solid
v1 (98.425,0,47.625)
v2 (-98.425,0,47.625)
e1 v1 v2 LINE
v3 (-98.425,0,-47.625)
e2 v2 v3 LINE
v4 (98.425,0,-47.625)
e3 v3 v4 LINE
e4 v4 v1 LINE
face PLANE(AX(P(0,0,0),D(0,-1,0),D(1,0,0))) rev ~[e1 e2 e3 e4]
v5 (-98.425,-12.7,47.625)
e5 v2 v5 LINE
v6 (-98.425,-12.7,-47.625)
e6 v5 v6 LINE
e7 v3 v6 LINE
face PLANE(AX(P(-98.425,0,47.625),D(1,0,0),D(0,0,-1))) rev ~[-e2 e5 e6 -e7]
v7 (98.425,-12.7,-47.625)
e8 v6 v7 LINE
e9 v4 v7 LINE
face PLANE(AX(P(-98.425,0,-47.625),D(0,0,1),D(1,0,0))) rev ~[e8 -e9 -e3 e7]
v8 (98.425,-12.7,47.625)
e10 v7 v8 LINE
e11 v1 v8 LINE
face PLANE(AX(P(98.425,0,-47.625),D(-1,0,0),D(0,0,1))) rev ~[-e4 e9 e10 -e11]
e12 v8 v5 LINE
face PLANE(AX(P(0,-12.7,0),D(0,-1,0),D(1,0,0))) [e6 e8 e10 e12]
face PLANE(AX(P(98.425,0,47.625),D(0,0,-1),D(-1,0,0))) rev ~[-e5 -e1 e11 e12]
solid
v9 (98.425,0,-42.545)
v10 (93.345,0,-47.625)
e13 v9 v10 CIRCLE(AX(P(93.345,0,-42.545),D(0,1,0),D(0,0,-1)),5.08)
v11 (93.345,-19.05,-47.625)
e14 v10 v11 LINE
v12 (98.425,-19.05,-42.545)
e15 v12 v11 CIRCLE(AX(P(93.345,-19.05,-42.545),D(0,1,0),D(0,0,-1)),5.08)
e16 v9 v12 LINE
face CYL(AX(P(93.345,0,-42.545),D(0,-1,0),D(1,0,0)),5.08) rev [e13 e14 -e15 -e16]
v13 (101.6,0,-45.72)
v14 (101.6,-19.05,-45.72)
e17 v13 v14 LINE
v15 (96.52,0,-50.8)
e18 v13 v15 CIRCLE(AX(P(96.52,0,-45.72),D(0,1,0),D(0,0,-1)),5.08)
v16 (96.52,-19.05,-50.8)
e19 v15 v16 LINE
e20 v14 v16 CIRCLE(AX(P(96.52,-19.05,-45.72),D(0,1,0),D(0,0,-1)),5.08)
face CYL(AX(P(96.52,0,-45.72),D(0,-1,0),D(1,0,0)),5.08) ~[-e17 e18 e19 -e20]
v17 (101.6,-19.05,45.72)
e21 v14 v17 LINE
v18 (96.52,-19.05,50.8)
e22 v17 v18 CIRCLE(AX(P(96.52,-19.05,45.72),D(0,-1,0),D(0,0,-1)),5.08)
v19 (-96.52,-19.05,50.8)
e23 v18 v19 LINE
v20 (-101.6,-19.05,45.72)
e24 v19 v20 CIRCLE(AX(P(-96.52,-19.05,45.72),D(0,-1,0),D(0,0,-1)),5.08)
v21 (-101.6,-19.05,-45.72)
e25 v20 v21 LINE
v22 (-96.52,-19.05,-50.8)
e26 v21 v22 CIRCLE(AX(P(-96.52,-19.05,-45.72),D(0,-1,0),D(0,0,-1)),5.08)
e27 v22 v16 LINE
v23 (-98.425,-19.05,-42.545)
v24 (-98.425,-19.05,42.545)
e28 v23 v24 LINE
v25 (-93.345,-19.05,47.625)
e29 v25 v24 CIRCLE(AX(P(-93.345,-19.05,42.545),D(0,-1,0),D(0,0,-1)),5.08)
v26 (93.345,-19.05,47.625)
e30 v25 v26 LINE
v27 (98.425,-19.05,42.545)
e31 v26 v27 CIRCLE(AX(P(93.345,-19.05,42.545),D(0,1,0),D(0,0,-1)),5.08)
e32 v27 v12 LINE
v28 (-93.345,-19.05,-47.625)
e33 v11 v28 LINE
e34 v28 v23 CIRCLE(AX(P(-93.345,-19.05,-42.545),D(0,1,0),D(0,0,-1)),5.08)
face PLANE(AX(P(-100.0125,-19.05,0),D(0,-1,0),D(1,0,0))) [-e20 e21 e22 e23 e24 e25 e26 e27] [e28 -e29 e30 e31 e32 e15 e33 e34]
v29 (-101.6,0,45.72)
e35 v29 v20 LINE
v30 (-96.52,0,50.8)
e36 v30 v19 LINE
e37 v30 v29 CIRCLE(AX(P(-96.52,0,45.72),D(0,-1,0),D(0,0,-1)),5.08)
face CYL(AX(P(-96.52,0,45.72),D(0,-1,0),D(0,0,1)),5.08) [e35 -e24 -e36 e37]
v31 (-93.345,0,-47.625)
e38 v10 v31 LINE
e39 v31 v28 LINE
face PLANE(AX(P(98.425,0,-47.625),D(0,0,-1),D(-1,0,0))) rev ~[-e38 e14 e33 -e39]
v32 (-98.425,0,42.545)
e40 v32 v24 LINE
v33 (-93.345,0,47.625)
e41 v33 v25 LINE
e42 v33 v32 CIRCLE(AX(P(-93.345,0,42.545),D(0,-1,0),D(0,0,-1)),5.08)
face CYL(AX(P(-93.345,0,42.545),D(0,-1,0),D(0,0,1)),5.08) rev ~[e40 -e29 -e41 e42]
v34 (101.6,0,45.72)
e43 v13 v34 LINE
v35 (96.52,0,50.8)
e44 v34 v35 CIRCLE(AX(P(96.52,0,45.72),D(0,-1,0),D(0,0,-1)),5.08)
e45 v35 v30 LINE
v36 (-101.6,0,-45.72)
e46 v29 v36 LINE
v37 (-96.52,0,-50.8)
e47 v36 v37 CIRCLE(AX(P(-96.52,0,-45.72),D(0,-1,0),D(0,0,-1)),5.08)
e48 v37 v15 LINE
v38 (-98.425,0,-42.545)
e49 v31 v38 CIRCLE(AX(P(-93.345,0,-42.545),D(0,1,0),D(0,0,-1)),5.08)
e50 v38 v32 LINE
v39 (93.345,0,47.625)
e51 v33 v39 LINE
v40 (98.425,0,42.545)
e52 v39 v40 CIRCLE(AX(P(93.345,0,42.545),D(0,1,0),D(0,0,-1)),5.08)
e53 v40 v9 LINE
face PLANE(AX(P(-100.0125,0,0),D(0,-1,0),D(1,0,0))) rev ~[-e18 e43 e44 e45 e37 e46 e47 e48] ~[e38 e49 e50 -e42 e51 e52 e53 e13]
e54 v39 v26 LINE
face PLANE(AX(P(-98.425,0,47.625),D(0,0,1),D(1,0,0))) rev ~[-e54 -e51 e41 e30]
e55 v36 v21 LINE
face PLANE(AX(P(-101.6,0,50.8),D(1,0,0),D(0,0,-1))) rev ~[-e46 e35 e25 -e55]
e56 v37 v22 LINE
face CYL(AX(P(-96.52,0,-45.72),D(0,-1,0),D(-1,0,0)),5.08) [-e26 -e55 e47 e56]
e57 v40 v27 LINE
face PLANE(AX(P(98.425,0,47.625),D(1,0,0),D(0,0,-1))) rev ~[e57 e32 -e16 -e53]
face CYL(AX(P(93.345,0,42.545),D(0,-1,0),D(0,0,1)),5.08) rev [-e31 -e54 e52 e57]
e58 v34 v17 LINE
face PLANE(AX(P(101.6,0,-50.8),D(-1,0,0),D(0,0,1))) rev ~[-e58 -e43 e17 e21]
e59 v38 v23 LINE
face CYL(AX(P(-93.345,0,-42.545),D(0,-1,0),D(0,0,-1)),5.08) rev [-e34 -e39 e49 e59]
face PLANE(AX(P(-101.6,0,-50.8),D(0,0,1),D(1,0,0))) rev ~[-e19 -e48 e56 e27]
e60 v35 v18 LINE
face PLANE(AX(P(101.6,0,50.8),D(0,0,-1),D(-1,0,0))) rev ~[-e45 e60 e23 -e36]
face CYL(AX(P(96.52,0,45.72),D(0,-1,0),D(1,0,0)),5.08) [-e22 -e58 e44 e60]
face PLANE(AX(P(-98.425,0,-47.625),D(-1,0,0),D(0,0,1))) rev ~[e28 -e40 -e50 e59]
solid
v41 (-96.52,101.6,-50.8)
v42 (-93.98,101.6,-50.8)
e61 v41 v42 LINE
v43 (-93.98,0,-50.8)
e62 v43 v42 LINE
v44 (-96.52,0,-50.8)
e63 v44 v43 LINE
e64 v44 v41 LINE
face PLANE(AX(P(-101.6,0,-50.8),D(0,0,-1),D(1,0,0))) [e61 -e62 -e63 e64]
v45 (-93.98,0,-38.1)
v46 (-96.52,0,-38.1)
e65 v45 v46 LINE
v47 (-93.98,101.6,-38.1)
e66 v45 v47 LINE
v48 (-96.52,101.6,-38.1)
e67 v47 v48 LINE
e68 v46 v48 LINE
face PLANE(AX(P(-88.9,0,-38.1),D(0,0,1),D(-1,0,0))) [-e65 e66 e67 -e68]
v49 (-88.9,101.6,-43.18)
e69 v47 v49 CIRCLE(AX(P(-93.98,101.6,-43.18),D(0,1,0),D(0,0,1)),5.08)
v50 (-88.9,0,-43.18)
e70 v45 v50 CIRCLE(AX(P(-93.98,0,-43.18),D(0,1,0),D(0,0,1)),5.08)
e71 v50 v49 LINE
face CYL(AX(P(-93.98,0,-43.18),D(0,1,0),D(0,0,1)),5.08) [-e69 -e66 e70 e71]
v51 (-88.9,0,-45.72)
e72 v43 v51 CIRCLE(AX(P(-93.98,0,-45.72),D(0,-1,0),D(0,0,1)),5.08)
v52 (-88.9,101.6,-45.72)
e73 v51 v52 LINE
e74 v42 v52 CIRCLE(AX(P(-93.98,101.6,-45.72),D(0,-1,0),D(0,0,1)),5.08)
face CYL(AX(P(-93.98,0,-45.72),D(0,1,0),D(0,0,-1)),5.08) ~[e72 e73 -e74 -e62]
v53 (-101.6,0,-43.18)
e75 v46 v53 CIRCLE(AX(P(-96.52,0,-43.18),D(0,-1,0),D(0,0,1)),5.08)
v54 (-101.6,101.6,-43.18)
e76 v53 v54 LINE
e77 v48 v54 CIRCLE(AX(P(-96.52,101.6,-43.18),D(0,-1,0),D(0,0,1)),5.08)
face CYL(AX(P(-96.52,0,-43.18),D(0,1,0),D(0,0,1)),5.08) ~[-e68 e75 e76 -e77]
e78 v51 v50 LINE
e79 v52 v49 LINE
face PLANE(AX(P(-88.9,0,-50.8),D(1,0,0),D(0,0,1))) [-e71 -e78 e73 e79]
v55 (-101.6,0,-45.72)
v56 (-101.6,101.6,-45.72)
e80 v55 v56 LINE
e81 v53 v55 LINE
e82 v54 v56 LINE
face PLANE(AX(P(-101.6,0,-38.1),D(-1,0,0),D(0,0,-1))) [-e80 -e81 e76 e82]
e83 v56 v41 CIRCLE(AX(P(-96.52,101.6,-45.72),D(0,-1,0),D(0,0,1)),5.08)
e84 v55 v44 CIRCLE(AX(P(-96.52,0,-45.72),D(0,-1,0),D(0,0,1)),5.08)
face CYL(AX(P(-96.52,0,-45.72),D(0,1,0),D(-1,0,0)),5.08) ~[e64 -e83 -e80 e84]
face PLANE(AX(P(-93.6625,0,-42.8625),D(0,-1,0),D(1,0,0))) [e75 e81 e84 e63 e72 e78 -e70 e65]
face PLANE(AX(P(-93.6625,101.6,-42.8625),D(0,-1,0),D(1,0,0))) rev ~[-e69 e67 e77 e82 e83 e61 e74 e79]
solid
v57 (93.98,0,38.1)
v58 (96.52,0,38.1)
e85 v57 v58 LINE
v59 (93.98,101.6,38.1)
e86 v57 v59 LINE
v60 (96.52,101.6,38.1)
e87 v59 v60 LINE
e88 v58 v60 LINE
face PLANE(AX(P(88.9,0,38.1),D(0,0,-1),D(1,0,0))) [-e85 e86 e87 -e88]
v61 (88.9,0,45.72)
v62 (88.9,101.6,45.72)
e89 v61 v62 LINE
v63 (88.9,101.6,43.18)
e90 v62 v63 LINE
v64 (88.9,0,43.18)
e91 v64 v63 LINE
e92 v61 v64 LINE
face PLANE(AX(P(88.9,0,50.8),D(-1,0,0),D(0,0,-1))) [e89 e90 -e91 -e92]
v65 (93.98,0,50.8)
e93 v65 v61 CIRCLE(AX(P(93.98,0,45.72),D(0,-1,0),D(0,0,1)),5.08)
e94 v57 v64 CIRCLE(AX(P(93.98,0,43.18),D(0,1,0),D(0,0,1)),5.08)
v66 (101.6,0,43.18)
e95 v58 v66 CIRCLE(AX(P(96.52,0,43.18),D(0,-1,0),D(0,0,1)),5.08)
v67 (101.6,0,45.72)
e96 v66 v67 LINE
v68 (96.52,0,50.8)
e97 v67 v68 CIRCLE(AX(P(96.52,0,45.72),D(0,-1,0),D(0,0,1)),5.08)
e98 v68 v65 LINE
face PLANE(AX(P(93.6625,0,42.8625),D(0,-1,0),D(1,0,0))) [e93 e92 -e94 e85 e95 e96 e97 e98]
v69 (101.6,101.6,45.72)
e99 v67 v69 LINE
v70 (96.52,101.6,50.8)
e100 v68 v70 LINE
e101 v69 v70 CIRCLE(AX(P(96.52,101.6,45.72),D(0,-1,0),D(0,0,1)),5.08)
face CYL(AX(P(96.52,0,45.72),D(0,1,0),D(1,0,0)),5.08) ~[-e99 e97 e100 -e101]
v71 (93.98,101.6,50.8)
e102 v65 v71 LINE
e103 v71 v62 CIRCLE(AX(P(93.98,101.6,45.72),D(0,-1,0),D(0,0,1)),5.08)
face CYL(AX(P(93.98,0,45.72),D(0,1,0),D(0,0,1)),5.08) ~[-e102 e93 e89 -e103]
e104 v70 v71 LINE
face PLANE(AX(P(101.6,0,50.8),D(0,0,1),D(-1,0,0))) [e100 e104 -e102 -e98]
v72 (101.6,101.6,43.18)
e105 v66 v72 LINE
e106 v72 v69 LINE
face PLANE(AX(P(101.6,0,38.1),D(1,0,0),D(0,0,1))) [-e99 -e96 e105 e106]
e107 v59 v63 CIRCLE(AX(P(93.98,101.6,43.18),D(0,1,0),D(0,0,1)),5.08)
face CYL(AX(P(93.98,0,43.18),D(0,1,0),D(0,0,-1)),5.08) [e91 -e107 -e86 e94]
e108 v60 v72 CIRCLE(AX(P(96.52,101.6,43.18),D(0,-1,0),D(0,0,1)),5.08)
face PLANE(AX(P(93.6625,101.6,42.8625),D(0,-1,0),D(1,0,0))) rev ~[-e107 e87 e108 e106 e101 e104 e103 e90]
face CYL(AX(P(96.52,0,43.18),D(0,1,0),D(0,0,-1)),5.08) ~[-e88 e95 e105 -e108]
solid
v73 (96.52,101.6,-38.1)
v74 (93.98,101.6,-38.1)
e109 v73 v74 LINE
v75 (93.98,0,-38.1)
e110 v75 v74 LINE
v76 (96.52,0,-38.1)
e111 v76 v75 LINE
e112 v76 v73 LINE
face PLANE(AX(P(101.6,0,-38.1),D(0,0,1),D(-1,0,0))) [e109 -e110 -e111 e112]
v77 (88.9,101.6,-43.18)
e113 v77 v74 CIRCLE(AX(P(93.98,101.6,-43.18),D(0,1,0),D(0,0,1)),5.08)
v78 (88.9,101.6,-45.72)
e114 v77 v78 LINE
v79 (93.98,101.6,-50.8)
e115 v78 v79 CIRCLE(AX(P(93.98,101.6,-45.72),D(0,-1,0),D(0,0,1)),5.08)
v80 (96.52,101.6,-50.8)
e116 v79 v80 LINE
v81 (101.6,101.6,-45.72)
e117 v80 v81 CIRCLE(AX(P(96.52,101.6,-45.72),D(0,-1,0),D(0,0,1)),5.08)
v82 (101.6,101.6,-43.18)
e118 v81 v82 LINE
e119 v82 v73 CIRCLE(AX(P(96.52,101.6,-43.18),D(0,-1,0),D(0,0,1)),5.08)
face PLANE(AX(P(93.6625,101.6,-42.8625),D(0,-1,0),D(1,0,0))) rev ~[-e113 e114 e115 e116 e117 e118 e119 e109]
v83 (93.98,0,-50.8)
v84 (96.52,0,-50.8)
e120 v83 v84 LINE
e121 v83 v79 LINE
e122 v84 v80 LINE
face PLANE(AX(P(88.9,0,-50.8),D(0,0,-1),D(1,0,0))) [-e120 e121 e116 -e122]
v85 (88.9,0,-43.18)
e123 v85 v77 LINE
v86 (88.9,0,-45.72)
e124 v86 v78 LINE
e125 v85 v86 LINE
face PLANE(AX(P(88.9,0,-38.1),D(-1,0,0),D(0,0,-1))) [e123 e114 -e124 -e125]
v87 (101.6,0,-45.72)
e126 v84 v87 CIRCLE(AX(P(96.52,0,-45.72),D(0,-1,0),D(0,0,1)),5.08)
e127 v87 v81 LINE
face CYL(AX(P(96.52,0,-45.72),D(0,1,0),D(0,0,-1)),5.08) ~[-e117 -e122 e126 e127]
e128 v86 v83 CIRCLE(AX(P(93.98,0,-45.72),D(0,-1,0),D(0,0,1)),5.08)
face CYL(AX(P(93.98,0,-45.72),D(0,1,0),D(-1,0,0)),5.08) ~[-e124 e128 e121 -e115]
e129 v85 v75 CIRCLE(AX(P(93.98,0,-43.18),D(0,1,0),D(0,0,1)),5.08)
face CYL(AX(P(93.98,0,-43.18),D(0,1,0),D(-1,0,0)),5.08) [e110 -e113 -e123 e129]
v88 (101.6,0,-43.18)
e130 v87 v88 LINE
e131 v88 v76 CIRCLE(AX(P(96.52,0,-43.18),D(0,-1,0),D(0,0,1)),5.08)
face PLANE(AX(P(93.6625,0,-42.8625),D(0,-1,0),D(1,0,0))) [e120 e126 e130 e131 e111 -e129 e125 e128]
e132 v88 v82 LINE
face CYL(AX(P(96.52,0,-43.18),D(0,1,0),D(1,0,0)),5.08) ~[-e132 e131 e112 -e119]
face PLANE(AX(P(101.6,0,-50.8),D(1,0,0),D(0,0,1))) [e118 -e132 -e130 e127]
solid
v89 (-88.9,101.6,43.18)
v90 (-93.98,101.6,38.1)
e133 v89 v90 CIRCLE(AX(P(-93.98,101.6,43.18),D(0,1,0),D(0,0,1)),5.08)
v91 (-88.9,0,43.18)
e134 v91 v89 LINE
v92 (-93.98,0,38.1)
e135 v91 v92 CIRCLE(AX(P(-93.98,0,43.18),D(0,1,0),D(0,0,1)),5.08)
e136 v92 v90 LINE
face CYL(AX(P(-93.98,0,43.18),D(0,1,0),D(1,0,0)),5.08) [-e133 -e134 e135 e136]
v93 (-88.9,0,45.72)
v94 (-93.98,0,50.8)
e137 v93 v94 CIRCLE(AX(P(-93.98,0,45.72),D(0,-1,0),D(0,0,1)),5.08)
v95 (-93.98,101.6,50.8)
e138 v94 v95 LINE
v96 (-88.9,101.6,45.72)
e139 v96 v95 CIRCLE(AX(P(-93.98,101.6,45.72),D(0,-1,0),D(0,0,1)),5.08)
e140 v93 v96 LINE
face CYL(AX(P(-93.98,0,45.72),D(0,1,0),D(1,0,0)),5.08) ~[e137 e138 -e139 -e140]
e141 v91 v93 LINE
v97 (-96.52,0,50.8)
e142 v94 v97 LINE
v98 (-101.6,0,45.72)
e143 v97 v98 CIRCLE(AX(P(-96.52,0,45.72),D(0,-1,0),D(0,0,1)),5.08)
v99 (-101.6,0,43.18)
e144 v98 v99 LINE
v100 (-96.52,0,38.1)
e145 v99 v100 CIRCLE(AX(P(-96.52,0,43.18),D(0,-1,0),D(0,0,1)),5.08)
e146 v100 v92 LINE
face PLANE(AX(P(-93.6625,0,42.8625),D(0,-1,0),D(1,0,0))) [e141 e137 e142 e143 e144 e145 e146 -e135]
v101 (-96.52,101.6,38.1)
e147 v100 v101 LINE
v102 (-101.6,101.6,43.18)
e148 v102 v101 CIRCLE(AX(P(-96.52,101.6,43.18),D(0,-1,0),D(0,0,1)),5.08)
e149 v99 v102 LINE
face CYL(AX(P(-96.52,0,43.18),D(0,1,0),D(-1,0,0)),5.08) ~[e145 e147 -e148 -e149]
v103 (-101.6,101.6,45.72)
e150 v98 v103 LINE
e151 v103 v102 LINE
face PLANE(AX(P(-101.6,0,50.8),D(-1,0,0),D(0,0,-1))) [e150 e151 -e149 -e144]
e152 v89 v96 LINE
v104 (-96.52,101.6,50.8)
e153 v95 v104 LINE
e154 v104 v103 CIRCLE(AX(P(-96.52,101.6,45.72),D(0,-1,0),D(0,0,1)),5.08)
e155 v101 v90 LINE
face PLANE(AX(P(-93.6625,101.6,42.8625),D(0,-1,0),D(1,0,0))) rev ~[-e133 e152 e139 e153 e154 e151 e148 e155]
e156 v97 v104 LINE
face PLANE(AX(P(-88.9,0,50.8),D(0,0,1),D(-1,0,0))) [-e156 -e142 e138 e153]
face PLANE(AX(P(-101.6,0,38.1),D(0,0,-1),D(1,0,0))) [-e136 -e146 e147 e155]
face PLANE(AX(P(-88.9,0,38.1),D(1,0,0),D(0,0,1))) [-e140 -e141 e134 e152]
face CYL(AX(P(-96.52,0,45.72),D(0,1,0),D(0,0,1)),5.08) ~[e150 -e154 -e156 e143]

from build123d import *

# Parameters (mm, degrees)
F0_W     = 9.525
F0_H     = 9.525
F1_DEPTH = 12.7
F0_W_2   = 3.175
F0_H_2   = 76.2
F0_W_3   = 177.8
F0_H_3   = 3.175
F2_DEPTH = 19.05
F3_DEPTH = 101.6
F4_R     = 5.08
F4_2_R   = 5.08
F4_3_R   = 5.08
F4_4_R   = 5.08
F4_5_R   = 5.08


with BuildPart() as f1:
    # F0 (on Front) → F1 (new body)
    with BuildSketch(Plane.XZ):
        Polygon((88.9, 38.1), (88.9, 47.625), (-88.9, 47.625), (-88.9, 38.1), (-98.425, 38.1), (-98.425, -38.1), (-88.9, -38.1), (-88.9, -47.625), (88.9, -47.625), (88.9, -38.1), (98.425, -38.1), (98.425, 38.1), align=None)
        with Locations((-93.6625, 42.8625)):
            Rectangle(F0_W, F0_H)
        with Locations((-93.6625, -42.8625)):
            Rectangle(F0_W, F0_H)
        with Locations((93.6625, 42.8625)):
            Rectangle(F0_W, F0_H)
        with Locations((93.6625, -42.8625)):
            Rectangle(F0_W, F0_H)
    extrude(amount=F1_DEPTH)


with BuildPart() as f2:
    # F0 (on Front) → F2 (new body)
    with BuildSketch(Plane.XZ):
        with Locations((-100.0125, 0)):
            Rectangle(F0_W_2, F0_H_2)
        Polygon((-88.9, 47.625), (-88.9, 50.8), (-101.6, 50.8), (-101.6, 38.1), (-98.425, 38.1), (-98.425, 47.625), align=None)
        with Locations((0, 49.2125)):
            Rectangle(F0_W_3, F0_H_3)
        Polygon((101.6, 38.1), (101.6, 50.8), (88.9, 50.8), (88.9, 47.625), (98.425, 47.625), (98.425, 38.1), align=None)
        with Locations((100.0125, 0)):
            Rectangle(F0_W_2, F0_H_2)
        with Locations((0, -49.2125)):
            Rectangle(F0_W_3, F0_H_3)
        Polygon((101.6, -50.8), (101.6, -38.1), (98.425, -38.1), (98.425, -47.625), (88.9, -47.625), (88.9, -50.8), align=None)
        Polygon((-98.425, -38.1), (-101.6, -38.1), (-101.6, -50.8), (-88.9, -50.8), (-88.9, -47.625), (-98.425, -47.625), align=None)
    extrude(amount=F2_DEPTH)

    # F4
    f4_edges = [f2.edges().sort_by_distance(p)[0] for p in [
        (98.425, -9.525, -47.625),
        (98.425, -9.525, 47.625),
        (-98.425, -9.525, -47.625),
        (-98.425, -9.525, 47.625),
        (101.6, -9.525, -50.8),
        (101.6, -9.525, 50.8),
        (-101.6, -9.525, 50.8),
        (-101.6, -9.525, -50.8),
    ]]
    fillet(f4_edges, radius=F4_R)


with BuildPart() as f3:
    # F0 (on Front) → F3 (new body)
    with BuildSketch(Plane.XZ):
        with Locations((-93.6625, 42.8625)):
            Rectangle(F0_W, F0_H)
        Polygon((-88.9, 47.625), (-88.9, 50.8), (-101.6, 50.8), (-101.6, 38.1), (-98.425, 38.1), (-98.425, 47.625), align=None)
    extrude(amount=-F3_DEPTH)

    # F4#5
    f4_5_edges = [f3.edges().sort_by_distance(p)[0] for p in [
        (-101.6, 50.8, 38.1),
        (-101.6, 50.8, 50.8),
        (-88.9, 50.8, 50.8),
        (-88.9, 50.8, 38.1),
    ]]
    fillet(f4_5_edges, radius=F4_5_R)


with BuildPart() as f3b:
    # F0 (on Front) → F3, piece 2 (new body)
    with BuildSketch(Plane.XZ):
        with Locations((-93.6625, -42.8625)):
            Rectangle(F0_W, F0_H)
        Polygon((-98.425, -38.1), (-101.6, -38.1), (-101.6, -50.8), (-88.9, -50.8), (-88.9, -47.625), (-98.425, -47.625), align=None)
    extrude(amount=-F3_DEPTH)

    # F4#4
    f4_4_edges = [f3b.edges().sort_by_distance(p)[0] for p in [
        (-101.6, 50.8, -50.8),
        (-88.9, 50.8, -50.8),
        (-101.6, 50.8, -38.1),
        (-88.9, 50.8, -38.1),
    ]]
    fillet(f4_4_edges, radius=F4_4_R)


with BuildPart() as f3c:
    # F0 (on Front) → F3, piece 3 (new body)
    with BuildSketch(Plane.XZ):
        with Locations((93.6625, -42.8625)):
            Rectangle(F0_W, F0_H)
        Polygon((101.6, -50.8), (101.6, -38.1), (98.425, -38.1), (98.425, -47.625), (88.9, -47.625), (88.9, -50.8), align=None)
    extrude(amount=-F3_DEPTH)

    # F4#3
    f4_3_edges = [f3c.edges().sort_by_distance(p)[0] for p in [
        (101.6, 50.8, -38.1),
        (101.6, 50.8, -50.8),
        (88.9, 50.8, -38.1),
        (88.9, 50.8, -50.8),
    ]]
    fillet(f4_3_edges, radius=F4_3_R)


with BuildPart() as f3d:
    # F0 (on Front) → F3, piece 4 (new body)
    with BuildSketch(Plane.XZ):
        with Locations((93.6625, 42.8625)):
            Rectangle(F0_W, F0_H)
        Polygon((101.6, 38.1), (101.6, 50.8), (88.9, 50.8), (88.9, 47.625), (98.425, 47.625), (98.425, 38.1), align=None)
    extrude(amount=-F3_DEPTH)

    # F4#2
    f4_2_edges = [f3d.edges().sort_by_distance(p)[0] for p in [
        (101.6, 50.8, 50.8),
        (88.9, 50.8, 38.1),
        (88.9, 50.8, 50.8),
        (101.6, 50.8, 38.1),
    ]]
    fillet(f4_2_edges, radius=F4_2_R)


solid = Compound([f1.part, f2.part, f3.part, f3b.part, f3c.part, f3d.part])
